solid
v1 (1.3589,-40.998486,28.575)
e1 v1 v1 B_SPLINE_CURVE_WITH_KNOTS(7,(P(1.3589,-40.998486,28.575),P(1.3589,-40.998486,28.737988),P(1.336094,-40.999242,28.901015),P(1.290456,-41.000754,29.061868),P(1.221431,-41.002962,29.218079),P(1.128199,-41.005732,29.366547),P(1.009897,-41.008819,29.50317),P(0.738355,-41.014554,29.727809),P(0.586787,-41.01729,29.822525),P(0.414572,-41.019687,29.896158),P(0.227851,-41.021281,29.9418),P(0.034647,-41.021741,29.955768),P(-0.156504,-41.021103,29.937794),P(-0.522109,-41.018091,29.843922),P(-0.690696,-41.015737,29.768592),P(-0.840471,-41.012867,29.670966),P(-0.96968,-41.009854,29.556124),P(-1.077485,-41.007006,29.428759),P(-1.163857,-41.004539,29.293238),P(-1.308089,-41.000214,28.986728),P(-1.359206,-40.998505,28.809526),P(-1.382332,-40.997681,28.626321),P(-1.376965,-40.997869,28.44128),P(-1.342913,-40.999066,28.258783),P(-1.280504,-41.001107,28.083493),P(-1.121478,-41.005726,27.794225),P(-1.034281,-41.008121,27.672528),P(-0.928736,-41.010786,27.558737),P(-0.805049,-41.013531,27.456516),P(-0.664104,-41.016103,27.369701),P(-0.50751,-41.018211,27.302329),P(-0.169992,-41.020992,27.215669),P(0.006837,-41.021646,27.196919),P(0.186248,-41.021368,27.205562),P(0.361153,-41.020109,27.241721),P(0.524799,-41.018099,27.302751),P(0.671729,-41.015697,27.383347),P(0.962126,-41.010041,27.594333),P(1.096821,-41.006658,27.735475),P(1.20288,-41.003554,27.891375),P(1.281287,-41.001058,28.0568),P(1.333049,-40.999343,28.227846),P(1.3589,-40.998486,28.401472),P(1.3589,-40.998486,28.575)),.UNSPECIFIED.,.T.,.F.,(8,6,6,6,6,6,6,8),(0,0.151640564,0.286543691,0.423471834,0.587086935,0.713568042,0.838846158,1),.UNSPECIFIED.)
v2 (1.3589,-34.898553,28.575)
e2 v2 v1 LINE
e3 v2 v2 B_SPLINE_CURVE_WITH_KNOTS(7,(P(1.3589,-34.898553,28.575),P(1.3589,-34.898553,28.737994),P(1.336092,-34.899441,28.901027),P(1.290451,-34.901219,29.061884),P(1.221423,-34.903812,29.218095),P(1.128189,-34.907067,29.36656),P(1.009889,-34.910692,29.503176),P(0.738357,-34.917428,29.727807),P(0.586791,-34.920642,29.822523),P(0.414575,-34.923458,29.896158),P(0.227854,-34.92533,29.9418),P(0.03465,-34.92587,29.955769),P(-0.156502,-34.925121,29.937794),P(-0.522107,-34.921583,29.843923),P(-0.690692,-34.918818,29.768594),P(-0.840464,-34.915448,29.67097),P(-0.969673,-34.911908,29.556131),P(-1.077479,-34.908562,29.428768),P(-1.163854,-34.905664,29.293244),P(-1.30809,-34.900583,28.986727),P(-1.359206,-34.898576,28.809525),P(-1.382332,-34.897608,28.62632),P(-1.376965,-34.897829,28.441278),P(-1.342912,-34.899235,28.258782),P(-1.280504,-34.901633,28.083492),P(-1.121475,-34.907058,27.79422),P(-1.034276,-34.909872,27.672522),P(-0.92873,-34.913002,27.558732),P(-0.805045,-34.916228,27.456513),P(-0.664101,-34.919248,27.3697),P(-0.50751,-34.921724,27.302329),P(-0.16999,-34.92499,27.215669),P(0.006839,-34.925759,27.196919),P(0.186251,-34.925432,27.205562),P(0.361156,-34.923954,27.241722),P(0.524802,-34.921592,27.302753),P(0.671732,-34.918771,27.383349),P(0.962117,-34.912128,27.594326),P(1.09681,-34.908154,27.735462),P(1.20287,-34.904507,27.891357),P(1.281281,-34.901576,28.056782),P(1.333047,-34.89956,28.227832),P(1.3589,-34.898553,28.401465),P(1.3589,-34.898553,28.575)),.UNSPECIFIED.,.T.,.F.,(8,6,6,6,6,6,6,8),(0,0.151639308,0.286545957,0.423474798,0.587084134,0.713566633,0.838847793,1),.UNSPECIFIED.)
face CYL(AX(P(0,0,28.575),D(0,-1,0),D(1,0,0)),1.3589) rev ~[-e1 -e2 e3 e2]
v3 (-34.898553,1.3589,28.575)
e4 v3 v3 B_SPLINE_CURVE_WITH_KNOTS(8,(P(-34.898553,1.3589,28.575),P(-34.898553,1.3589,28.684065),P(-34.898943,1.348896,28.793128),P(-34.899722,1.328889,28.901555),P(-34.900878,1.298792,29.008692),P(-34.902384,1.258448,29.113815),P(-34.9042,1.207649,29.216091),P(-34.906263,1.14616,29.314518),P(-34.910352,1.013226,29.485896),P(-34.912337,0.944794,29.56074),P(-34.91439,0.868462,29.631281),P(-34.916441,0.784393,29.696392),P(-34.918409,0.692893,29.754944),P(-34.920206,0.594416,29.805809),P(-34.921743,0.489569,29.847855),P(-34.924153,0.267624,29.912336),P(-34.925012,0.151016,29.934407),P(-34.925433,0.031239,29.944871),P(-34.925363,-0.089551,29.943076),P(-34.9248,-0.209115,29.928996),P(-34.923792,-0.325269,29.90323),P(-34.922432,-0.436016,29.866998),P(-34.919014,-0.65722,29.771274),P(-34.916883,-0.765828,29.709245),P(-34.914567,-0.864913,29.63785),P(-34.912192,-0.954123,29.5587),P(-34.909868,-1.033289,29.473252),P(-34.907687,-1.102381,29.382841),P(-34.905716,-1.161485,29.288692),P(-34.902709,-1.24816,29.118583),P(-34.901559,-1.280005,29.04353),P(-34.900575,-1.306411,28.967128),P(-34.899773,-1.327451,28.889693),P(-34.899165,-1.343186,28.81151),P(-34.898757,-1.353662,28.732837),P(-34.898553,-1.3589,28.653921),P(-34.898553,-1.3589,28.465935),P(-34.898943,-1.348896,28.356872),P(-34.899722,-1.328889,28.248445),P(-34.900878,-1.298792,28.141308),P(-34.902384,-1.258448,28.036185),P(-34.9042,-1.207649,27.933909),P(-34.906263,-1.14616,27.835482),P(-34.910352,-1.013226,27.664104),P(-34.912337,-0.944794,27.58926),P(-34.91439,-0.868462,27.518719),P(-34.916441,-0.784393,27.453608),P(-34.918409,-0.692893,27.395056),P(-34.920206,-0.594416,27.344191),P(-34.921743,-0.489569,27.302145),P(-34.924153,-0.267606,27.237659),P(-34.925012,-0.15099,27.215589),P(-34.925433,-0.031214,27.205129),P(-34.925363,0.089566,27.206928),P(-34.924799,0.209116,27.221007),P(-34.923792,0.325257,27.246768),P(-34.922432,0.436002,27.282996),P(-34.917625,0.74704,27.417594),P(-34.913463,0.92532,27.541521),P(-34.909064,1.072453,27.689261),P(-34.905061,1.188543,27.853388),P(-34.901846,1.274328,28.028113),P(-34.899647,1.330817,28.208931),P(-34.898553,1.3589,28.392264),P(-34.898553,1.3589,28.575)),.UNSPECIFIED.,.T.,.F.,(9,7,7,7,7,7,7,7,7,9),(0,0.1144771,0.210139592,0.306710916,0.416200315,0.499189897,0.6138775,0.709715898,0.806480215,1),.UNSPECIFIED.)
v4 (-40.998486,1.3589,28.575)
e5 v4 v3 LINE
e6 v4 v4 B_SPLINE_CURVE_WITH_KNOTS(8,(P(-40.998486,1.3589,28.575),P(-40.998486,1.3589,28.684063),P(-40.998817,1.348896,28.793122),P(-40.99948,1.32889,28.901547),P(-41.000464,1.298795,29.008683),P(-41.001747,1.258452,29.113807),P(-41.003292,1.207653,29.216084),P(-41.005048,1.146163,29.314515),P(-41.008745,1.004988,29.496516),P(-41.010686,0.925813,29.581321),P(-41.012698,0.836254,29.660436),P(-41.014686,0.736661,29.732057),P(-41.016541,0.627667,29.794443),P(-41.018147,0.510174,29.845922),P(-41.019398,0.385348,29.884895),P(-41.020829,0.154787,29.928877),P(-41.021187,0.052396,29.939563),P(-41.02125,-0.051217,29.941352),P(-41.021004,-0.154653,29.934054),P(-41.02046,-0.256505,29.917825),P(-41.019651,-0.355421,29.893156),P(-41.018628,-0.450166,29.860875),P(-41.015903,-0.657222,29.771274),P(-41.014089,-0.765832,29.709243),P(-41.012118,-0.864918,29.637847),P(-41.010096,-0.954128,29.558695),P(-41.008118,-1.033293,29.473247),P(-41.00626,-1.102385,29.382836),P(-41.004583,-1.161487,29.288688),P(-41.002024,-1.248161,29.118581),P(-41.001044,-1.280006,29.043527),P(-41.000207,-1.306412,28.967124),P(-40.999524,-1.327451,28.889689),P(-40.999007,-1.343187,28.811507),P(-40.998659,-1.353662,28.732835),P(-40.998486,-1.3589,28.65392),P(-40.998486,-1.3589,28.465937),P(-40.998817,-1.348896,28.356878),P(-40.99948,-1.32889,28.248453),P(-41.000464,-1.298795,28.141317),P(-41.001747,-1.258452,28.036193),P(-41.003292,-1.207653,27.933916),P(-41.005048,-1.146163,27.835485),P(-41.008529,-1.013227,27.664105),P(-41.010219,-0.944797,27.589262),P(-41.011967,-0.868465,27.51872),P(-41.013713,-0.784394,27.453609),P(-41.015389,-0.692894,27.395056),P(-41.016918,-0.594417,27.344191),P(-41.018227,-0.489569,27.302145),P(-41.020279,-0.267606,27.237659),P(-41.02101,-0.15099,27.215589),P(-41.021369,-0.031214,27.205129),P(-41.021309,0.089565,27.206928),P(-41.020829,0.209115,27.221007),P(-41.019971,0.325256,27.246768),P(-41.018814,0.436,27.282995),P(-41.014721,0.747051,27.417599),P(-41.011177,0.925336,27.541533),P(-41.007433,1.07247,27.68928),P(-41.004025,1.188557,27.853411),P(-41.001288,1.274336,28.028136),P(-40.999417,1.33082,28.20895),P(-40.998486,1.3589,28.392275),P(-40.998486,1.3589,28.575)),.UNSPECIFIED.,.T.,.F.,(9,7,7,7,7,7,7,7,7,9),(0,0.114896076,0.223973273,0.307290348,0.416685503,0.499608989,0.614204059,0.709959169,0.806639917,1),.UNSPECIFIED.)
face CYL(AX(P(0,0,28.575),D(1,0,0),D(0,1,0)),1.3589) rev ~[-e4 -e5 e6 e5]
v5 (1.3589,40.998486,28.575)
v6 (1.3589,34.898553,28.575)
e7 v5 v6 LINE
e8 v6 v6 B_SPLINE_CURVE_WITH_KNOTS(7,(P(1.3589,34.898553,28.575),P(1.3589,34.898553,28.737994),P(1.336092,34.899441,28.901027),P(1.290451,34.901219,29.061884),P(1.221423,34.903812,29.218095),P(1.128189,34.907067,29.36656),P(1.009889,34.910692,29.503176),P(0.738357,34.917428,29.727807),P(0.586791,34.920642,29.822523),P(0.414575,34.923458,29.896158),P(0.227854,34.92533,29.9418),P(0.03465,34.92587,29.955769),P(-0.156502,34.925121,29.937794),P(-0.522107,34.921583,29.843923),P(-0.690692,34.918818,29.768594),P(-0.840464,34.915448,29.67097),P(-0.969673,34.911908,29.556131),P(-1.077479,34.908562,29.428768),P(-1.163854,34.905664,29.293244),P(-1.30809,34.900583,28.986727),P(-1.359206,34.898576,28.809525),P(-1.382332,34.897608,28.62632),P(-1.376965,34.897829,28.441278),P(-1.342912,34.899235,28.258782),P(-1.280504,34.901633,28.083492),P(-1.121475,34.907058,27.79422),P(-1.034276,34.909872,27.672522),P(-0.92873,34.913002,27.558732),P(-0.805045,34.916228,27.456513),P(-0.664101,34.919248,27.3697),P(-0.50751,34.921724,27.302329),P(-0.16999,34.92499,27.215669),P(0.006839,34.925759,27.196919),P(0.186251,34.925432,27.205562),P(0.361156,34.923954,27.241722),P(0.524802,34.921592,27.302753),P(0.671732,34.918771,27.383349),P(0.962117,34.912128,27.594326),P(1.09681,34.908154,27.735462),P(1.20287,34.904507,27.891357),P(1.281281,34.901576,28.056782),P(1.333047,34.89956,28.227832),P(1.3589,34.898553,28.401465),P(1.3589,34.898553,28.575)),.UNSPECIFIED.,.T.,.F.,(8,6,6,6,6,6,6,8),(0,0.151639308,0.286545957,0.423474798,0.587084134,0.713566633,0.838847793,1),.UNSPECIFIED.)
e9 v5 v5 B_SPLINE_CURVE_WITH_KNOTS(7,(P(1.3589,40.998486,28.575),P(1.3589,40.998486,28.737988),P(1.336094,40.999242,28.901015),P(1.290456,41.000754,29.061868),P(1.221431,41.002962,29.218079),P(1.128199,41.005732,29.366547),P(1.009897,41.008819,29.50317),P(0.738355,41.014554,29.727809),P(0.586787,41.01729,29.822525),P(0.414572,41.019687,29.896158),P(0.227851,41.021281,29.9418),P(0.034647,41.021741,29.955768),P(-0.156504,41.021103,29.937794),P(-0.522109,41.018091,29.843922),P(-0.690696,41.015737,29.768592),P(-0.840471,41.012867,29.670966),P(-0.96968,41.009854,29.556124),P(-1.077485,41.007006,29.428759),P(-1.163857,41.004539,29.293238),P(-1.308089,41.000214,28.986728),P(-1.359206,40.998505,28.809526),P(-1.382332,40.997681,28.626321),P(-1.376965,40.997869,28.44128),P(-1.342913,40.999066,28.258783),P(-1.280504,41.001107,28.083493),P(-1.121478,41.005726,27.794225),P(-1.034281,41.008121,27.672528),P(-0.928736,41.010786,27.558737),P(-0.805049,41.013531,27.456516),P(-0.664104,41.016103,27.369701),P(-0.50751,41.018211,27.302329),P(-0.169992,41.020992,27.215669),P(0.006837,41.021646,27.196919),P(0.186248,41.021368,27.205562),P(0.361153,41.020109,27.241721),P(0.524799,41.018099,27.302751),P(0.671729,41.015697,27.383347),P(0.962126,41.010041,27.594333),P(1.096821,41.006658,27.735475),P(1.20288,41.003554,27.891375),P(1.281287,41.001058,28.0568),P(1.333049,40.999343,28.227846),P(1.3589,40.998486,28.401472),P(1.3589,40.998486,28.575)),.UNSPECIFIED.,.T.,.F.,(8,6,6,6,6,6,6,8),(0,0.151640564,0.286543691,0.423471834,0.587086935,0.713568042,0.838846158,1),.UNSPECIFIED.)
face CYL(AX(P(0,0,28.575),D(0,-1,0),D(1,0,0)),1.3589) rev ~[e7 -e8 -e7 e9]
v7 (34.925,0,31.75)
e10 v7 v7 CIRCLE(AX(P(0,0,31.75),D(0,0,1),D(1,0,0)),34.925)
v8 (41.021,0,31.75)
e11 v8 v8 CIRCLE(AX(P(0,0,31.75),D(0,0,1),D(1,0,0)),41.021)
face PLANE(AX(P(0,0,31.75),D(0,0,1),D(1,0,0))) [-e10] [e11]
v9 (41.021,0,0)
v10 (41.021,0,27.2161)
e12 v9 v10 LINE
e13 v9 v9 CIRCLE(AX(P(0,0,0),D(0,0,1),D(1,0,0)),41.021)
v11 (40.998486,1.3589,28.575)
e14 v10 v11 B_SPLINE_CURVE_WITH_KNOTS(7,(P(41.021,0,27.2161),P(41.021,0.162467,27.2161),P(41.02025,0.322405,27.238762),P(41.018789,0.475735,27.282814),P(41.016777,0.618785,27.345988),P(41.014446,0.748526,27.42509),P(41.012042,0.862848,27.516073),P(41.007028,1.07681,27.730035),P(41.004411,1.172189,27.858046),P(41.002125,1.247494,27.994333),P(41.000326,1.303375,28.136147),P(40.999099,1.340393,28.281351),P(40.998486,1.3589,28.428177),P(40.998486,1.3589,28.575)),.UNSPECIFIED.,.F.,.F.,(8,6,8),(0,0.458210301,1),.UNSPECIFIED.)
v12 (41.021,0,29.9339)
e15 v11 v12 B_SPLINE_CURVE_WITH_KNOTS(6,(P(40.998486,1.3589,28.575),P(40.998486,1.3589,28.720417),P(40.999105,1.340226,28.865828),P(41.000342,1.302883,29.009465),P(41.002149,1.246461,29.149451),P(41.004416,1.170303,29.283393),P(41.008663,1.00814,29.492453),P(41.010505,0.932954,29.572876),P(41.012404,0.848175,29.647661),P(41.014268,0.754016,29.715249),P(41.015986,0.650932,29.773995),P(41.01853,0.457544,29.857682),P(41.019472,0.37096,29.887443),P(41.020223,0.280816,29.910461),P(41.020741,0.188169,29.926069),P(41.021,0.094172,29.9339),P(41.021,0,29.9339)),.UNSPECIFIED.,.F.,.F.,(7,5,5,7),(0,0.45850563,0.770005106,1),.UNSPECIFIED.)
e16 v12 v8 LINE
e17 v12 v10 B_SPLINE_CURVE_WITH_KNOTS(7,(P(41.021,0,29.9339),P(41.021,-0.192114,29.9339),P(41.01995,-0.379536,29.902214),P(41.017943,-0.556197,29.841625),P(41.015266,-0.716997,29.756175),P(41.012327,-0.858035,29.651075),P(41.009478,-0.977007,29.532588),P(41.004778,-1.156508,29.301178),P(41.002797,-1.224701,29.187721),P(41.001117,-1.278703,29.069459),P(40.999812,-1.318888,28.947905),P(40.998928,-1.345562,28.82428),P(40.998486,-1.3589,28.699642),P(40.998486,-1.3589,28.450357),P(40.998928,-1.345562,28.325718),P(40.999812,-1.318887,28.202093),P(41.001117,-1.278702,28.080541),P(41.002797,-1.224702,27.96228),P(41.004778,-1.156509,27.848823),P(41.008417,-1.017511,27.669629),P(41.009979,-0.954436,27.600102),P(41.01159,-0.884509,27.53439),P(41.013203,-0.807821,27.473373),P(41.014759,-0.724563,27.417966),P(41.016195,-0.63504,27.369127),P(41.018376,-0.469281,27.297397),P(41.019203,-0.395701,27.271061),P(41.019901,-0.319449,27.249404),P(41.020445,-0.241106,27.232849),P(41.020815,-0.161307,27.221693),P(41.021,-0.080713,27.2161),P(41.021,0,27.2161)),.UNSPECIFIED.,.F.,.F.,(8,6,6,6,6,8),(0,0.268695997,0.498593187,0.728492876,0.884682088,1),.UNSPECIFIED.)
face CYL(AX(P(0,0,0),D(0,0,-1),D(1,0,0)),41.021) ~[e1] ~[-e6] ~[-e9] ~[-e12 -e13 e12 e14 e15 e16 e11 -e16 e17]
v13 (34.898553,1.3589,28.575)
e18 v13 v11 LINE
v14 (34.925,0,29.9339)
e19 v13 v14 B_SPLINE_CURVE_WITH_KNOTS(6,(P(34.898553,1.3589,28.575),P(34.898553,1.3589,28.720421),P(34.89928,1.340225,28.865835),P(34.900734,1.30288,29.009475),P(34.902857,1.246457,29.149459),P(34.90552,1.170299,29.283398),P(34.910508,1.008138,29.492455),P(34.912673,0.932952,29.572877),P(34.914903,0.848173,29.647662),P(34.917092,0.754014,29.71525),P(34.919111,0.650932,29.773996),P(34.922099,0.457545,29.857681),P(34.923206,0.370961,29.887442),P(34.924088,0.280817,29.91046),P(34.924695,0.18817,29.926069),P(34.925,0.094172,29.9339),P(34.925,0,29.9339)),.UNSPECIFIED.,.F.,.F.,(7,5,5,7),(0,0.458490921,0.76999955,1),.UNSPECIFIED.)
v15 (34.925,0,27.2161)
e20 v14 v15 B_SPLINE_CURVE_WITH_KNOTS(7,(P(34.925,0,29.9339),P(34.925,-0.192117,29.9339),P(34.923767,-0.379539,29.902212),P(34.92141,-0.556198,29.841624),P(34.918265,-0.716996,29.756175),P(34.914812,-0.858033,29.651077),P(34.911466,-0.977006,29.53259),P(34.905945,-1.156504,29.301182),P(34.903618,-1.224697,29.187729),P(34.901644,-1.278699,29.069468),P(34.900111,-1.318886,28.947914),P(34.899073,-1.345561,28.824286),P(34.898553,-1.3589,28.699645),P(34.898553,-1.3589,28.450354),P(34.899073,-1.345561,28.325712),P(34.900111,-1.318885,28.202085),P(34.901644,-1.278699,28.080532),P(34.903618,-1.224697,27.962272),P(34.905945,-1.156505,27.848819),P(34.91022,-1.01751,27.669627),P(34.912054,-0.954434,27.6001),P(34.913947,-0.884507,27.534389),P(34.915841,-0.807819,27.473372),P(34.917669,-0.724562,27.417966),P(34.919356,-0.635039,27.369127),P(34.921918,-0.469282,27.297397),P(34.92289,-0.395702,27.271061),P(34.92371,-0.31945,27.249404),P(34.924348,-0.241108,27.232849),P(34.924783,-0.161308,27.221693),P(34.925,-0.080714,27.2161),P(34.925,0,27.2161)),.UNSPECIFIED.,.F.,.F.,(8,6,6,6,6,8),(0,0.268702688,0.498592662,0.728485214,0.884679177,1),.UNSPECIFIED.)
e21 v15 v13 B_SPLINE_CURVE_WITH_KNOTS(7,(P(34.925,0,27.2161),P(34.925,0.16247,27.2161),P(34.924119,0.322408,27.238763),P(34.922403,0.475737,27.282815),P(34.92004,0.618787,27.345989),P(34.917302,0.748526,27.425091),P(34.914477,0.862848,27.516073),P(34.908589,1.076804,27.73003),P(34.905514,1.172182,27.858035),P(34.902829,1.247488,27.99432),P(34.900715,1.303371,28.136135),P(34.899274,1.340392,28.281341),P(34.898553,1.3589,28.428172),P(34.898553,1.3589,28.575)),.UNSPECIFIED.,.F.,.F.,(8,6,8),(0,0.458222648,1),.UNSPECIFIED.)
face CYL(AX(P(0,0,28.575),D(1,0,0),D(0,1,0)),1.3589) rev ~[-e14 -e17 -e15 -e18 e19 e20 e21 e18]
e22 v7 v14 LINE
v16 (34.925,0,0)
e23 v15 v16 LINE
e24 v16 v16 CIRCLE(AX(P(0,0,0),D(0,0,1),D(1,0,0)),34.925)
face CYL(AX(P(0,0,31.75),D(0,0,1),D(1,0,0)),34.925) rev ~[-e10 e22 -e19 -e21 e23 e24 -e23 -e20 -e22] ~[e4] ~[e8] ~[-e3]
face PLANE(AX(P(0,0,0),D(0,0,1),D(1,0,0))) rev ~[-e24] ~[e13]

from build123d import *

# Parameters (mm, degrees)
F0_R     = 41.021
F1_DEPTH = 31.75
F2_R     = 34.925
F3_DEPTH = 31.751
F4_R     = 1.3589
F5_DEPTH = 44.45
F6_R     = 1.3589
F7_DEPTH = 44.45


with BuildPart() as f1:
    # F0 (on Top) → F1 (new body)
    with BuildSketch(Plane.XY):
        Circle(F0_R)
    extrude(amount=F1_DEPTH)

    # F2 (on face) → F3 (cut, through all)
    with BuildSketch(Plane.XY.offset(31.75)):
        Circle(F2_R)
    extrude(amount=-F3_DEPTH, mode=Mode.SUBTRACT)

    # F4 (on Front) → F5 (cut, symmetric)
    with BuildSketch(Plane.XZ):
        with Locations((0, 28.575)):
            Circle(F4_R)
    extrude(amount=F5_DEPTH, both=True, mode=Mode.SUBTRACT)

    # F6 (on Right) → F7 (cut, symmetric)
    with BuildSketch(Plane.YZ):
        with Locations((0, 28.575)):
            Circle(F6_R)
    extrude(amount=F7_DEPTH, both=True, mode=Mode.SUBTRACT)


solid = f1.part
